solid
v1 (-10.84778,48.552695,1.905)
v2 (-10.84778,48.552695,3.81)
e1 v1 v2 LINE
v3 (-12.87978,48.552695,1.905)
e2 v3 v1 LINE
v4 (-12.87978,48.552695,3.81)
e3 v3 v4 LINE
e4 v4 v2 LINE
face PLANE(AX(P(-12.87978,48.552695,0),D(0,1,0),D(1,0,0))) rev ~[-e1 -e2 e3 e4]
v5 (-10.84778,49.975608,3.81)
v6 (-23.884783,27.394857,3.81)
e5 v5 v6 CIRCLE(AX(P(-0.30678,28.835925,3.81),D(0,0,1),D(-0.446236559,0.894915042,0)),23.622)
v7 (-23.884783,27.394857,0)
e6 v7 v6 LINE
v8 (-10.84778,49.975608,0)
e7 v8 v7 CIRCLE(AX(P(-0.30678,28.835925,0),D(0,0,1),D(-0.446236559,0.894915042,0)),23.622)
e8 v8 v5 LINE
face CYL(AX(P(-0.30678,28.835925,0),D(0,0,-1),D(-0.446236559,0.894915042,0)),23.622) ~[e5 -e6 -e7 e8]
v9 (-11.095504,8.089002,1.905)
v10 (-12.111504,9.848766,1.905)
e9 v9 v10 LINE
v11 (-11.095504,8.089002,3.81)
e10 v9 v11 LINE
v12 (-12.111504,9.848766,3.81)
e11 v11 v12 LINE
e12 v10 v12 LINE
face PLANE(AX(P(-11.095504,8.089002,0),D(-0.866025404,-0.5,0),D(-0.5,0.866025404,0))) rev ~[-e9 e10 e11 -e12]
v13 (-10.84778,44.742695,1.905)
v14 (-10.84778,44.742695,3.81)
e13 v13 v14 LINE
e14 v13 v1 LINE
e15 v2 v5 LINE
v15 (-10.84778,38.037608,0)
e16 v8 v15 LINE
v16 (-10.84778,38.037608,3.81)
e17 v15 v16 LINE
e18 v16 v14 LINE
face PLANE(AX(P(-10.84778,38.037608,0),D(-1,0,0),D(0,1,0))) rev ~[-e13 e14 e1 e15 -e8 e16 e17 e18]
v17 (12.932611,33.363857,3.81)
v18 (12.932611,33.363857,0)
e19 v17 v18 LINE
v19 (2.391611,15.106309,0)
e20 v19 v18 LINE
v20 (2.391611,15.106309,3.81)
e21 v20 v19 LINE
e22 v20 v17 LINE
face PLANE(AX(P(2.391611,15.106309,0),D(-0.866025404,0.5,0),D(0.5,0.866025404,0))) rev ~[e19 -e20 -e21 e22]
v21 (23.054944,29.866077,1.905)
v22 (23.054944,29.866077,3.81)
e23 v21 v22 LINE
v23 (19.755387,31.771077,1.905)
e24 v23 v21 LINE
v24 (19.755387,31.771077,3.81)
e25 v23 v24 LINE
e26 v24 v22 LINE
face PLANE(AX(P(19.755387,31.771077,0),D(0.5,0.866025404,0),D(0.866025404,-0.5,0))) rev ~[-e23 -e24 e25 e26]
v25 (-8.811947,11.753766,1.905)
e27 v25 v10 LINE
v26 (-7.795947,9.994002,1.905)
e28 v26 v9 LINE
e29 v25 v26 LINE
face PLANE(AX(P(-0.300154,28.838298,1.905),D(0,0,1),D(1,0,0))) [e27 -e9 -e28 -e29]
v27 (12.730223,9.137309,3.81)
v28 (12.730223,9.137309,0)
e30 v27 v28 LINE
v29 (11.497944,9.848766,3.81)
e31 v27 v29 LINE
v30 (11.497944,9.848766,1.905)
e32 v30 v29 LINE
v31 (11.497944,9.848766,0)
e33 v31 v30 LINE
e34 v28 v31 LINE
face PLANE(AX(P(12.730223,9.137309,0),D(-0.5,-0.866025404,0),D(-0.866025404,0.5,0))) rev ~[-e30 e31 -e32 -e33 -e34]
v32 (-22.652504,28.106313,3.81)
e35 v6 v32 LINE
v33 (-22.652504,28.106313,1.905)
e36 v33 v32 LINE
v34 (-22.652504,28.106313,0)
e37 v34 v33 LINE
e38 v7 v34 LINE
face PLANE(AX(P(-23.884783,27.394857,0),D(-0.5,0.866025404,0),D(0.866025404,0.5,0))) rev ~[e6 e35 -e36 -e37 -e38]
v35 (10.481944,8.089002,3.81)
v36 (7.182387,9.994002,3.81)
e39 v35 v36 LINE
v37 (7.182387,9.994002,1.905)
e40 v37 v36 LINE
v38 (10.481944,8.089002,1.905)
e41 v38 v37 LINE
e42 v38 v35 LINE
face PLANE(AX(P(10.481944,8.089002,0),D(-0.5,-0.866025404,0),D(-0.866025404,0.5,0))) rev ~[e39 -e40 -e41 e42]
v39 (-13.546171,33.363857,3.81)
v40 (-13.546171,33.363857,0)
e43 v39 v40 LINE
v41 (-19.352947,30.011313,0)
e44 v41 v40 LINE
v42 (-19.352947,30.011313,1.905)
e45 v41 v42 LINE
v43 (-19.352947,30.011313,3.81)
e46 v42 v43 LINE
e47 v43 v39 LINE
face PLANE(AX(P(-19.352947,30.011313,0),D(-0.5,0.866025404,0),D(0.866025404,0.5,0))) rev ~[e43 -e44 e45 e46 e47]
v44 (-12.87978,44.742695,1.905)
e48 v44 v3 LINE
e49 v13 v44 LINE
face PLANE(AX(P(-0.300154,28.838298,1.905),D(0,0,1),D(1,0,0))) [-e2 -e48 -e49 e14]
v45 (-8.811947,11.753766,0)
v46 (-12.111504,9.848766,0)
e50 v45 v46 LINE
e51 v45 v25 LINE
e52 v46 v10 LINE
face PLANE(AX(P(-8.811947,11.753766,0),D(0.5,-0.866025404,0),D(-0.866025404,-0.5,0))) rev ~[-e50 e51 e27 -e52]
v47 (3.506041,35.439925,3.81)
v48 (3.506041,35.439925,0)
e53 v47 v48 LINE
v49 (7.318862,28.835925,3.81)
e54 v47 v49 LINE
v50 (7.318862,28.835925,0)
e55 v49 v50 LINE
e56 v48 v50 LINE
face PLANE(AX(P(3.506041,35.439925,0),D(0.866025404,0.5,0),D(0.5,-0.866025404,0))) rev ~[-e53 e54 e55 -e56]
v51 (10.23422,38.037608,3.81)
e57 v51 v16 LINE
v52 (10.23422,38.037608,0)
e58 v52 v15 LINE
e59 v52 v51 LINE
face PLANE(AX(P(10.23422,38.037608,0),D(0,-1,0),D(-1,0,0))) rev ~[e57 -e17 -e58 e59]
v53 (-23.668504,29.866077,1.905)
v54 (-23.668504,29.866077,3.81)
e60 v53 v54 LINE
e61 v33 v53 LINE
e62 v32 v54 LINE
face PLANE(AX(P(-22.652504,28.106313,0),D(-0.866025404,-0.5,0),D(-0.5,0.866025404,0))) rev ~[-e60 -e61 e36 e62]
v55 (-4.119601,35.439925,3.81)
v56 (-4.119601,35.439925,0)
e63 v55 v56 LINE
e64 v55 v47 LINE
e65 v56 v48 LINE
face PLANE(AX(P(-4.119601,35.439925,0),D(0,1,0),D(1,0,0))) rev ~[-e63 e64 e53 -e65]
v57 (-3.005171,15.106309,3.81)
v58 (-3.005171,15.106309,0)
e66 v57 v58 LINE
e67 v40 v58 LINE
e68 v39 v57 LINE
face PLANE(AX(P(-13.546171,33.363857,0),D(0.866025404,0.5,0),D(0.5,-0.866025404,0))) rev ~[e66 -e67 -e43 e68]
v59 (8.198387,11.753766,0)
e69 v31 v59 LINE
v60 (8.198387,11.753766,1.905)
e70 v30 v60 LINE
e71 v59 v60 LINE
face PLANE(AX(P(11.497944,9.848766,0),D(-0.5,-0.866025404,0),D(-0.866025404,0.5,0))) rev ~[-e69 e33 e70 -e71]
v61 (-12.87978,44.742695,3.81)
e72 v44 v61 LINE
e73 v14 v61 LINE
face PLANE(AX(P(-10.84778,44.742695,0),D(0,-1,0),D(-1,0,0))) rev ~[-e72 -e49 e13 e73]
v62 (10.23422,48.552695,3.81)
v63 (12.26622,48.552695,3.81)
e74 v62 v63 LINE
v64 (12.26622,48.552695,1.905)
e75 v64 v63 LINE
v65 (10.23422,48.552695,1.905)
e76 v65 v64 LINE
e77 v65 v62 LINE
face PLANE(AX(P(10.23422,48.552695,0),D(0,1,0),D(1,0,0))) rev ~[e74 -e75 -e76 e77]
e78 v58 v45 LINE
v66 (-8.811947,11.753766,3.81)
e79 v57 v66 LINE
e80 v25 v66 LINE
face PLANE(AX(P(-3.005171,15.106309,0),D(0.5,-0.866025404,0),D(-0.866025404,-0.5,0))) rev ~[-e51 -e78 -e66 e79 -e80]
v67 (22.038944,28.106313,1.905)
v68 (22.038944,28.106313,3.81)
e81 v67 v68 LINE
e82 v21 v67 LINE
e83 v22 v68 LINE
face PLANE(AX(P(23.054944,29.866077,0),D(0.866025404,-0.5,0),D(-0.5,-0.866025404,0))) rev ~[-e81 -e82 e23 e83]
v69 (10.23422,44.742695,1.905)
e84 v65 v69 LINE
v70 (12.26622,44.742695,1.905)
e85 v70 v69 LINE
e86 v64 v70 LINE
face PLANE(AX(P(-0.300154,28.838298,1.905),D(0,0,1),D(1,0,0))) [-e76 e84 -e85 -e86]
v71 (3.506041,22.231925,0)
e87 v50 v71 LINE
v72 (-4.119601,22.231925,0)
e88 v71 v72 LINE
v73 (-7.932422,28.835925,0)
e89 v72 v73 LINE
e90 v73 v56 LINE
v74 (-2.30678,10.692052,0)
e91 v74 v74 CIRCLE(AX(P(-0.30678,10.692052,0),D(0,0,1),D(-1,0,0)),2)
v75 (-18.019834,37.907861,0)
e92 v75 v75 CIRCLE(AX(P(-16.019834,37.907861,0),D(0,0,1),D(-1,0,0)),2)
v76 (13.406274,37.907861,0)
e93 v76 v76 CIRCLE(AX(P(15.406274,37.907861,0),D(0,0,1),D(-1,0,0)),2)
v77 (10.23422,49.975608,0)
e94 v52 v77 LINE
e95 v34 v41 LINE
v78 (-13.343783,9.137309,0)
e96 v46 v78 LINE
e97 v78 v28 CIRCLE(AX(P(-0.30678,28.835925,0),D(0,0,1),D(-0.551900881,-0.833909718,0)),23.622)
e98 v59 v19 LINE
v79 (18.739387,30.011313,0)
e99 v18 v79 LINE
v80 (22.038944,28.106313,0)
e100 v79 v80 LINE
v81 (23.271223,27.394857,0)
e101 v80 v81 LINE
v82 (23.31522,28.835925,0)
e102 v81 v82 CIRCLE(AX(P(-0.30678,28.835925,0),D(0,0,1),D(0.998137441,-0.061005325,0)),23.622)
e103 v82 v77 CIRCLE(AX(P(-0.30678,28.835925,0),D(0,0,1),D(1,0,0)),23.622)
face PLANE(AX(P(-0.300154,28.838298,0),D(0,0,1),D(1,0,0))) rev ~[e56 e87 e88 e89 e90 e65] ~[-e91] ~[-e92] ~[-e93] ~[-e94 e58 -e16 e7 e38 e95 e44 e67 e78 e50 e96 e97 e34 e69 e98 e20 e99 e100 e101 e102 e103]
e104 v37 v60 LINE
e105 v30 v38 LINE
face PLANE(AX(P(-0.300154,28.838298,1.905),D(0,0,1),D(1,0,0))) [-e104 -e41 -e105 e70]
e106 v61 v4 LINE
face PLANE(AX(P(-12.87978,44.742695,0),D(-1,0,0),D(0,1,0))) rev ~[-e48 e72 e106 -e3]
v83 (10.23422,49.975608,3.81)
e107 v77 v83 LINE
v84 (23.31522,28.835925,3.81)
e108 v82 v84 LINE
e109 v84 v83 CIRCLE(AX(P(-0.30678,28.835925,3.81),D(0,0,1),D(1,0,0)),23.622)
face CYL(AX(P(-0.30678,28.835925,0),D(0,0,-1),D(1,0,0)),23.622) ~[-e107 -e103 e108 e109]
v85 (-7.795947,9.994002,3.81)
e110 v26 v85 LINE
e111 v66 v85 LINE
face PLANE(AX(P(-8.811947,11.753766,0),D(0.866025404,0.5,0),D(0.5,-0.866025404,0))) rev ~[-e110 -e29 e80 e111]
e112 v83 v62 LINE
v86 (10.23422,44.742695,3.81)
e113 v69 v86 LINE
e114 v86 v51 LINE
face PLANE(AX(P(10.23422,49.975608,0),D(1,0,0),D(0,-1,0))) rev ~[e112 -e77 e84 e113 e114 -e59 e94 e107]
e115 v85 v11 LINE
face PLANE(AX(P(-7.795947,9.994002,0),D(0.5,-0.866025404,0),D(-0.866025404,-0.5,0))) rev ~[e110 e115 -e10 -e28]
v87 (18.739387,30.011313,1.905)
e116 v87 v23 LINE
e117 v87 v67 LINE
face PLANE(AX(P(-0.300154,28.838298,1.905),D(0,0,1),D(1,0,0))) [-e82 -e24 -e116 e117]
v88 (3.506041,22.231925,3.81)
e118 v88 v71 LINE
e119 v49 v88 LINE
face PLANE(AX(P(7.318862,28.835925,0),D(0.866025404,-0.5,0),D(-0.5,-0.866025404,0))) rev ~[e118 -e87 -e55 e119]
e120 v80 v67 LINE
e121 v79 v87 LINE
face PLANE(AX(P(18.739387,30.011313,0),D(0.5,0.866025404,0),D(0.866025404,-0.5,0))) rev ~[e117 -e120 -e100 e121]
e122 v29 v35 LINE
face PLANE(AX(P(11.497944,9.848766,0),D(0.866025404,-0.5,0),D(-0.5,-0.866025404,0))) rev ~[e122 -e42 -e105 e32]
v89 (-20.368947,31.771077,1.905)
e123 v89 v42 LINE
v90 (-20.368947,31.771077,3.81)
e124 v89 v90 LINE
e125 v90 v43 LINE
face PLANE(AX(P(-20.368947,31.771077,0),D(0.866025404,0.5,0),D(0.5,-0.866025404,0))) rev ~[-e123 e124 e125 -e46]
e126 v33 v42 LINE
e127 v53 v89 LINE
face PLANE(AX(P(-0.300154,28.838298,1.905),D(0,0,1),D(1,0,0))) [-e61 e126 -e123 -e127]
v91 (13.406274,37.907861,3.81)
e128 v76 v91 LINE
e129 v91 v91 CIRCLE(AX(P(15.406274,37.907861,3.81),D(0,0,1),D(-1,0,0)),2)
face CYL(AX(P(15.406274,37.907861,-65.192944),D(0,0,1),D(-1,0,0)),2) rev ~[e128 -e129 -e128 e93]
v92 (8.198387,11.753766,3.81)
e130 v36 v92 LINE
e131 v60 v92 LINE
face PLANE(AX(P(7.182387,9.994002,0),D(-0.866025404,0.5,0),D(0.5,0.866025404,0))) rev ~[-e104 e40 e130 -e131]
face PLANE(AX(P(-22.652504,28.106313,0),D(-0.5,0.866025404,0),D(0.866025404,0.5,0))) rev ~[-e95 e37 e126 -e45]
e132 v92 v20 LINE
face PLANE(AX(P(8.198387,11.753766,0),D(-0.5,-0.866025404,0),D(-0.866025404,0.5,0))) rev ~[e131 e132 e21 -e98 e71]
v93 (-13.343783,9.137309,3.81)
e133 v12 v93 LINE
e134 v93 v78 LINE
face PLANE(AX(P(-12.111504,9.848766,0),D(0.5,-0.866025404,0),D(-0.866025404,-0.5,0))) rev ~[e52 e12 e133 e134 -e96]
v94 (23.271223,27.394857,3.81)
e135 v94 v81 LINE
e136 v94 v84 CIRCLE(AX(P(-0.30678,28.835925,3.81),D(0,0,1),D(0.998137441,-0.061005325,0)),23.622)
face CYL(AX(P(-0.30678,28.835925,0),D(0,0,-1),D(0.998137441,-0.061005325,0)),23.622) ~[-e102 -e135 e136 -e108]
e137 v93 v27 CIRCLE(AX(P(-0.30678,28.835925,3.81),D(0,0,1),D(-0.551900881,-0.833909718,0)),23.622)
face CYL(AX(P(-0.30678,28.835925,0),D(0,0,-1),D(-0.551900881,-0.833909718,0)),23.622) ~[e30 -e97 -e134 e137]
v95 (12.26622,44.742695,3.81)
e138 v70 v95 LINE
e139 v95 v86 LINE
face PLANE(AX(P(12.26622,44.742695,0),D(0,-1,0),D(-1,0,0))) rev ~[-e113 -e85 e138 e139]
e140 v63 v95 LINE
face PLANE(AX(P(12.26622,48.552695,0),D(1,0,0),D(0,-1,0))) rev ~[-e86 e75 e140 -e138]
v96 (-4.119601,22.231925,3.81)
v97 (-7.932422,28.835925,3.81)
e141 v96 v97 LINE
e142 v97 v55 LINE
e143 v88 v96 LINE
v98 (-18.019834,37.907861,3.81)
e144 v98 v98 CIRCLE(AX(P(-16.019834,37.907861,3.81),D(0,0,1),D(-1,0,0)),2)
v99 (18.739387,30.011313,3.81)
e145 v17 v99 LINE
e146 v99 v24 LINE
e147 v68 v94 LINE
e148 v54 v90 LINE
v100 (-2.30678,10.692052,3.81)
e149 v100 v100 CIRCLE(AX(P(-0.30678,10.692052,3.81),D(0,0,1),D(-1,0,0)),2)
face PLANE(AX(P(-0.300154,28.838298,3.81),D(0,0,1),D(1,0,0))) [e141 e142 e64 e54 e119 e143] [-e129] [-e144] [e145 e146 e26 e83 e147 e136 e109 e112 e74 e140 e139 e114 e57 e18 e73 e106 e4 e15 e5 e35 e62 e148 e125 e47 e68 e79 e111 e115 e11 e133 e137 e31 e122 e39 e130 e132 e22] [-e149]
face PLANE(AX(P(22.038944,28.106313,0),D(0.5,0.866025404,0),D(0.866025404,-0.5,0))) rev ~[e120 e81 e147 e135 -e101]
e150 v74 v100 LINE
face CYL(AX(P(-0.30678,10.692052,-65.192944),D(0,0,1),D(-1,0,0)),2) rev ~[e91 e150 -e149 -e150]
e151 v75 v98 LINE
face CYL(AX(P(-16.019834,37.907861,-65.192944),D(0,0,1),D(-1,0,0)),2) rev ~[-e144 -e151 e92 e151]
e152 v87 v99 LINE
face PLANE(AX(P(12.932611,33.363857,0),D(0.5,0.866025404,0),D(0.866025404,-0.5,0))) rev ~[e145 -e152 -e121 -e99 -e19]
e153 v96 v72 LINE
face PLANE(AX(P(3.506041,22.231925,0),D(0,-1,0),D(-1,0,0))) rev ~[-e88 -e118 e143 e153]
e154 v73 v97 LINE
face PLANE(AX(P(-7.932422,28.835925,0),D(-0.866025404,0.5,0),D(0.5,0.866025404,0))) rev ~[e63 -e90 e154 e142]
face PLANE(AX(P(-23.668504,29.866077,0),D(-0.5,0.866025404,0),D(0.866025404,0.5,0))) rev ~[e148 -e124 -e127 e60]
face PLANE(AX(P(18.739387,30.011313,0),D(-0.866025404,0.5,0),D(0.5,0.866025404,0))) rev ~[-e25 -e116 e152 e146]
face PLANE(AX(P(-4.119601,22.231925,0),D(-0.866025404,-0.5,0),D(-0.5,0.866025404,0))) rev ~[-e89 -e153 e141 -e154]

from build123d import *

# Parameters (mm, degrees)
F1_DEPTH = 3.81
F0_W     = 2.032
F0_H     = 3.81
F2_DEPTH = 1.905
F3_D     = 4


with BuildPart() as f1:
    # F0 (on Top) → F1 (new body)
    with BuildSketch(Plane.XY):
        with BuildLine():
            ThreePointArc((23.2712226898, 27.3948570229), (23.3042181614, 28.1150551719), (23.315220068, 28.8359248085))
            ThreePointArc((23.315220068, 28.8359248085), (19.7805094073, 41.2657152733), (10.234220068, 49.9756079424))
            Line((10.234220068, 49.9756079424), (10.234220068, 48.5526951571))
            Line((10.234220068, 48.5526951571), (12.266220068, 48.5526951571))
            Line((12.266220068, 48.5526951571), (12.266220068, 44.7426951571))
            Line((12.266220068, 44.7426951571), (10.234220068, 44.7426951571))
            Line((10.234220068, 44.7426951571), (10.234220068, 38.0376079424))
            Line((10.234220068, 38.0376079424), (-10.847779932, 38.0376079424))
            Line((-10.847779932, 38.0376079424), (-10.847779932, 44.7426951571))
            Line((-10.847779932, 44.7426951571), (-12.879779932, 44.7426951571))
            Line((-12.879779932, 44.7426951571), (-12.879779932, 48.5526951571))
            Line((-12.879779932, 48.5526951571), (-10.847779932, 48.5526951571))
            Line((-10.847779932, 48.5526951571), (-10.847779932, 49.9756079424))
            ThreePointArc((-10.847779932, 49.9756079424), (-20.7640320202, 40.6469248085), (-23.8847825539, 27.3948570229))
            Line((-23.8847825539, 27.3948570229), (-22.6525039345, 28.1063134155))
            Line((-22.6525039345, 28.1063134155), (-23.6685039345, 29.866077036))
            Line((-23.6685039345, 29.866077036), (-20.3689471461, 31.771077036))
            Line((-20.3689471461, 31.771077036), (-19.3529471461, 30.0113134155))
            Line((-19.3529471461, 30.0113134155), (-13.5461712835, 33.3638570229))
            Line((-13.5461712835, 33.3638570229), (-3.0051712835, 15.1063094603))
            Line((-3.0051712835, 15.1063094603), (-8.8119471461, 11.7537658529))
            Line((-8.8119471461, 11.7537658529), (-7.7959471461, 9.9940022324))
            Line((-7.7959471461, 9.9940022324), (-11.0955039345, 8.0890022324))
            Line((-11.0955039345, 8.0890022324), (-12.1115039345, 9.8487658529))
            Line((-12.1115039345, 9.8487658529), (-13.3437825539, 9.1373094603))
            ThreePointArc((-13.3437825539, 9.1373094603), (-0.306779932, 5.2139248085), (12.7302226898, 9.1373094603))
            Line((12.7302226898, 9.1373094603), (11.4979440704, 9.8487658529))
            Line((11.4979440704, 9.8487658529), (10.4819440704, 8.0890022324))
            Line((10.4819440704, 8.0890022324), (7.182387282, 9.9940022324))
            Line((7.182387282, 9.9940022324), (8.198387282, 11.7537658529))
            Line((8.198387282, 11.7537658529), (2.3916114195, 15.1063094603))
            Line((2.3916114195, 15.1063094603), (12.9326114195, 33.3638570229))
            Line((12.9326114195, 33.3638570229), (18.739387282, 30.0113134155))
            Line((18.739387282, 30.0113134155), (19.755387282, 31.771077036))
            Line((19.755387282, 31.771077036), (23.0549440704, 29.866077036))
            Line((23.0549440704, 29.866077036), (22.0389440704, 28.1063134155))
            Line((22.0389440704, 28.1063134155), (23.2712226898, 27.3948570229))
        make_face()
        Polygon((-7.9324222875, 28.8359248085), (-4.1196011098, 35.4399248085), (3.5060412457, 35.4399248085), (7.3188624234, 28.8359248085), (3.5060412457, 22.2319248085), (-4.1196011098, 22.2319248085), align=None, mode=Mode.SUBTRACT)
    extrude(amount=F1_DEPTH)

    # F0 (on Top) → F2 (join)
    with BuildSketch(Plane.XY):
        with BuildLine():
            ThreePointArc((23.2712226898, 27.3948570229), (23.3042181614, 28.1150551719), (23.315220068, 28.8359248085))
            ThreePointArc((23.315220068, 28.8359248085), (19.7805094073, 41.2657152733), (10.234220068, 49.9756079424))
            Line((10.234220068, 49.9756079424), (10.234220068, 48.5526951571))
            Line((10.234220068, 48.5526951571), (12.266220068, 48.5526951571))
            Line((12.266220068, 48.5526951571), (12.266220068, 44.7426951571))
            Line((12.266220068, 44.7426951571), (10.234220068, 44.7426951571))
            Line((10.234220068, 44.7426951571), (10.234220068, 38.0376079424))
            Line((10.234220068, 38.0376079424), (-10.847779932, 38.0376079424))
            Line((-10.847779932, 38.0376079424), (-10.847779932, 44.7426951571))
            Line((-10.847779932, 44.7426951571), (-12.879779932, 44.7426951571))
            Line((-12.879779932, 44.7426951571), (-12.879779932, 48.5526951571))
            Line((-12.879779932, 48.5526951571), (-10.847779932, 48.5526951571))
            Line((-10.847779932, 48.5526951571), (-10.847779932, 49.9756079424))
            ThreePointArc((-10.847779932, 49.9756079424), (-20.7640320202, 40.6469248085), (-23.8847825539, 27.3948570229))
            Line((-23.8847825539, 27.3948570229), (-22.6525039345, 28.1063134155))
            Line((-22.6525039345, 28.1063134155), (-23.6685039345, 29.866077036))
            Line((-23.6685039345, 29.866077036), (-20.3689471461, 31.771077036))
            Line((-20.3689471461, 31.771077036), (-19.3529471461, 30.0113134155))
            Line((-19.3529471461, 30.0113134155), (-13.5461712835, 33.3638570229))
            Line((-13.5461712835, 33.3638570229), (-3.0051712835, 15.1063094603))
            Line((-3.0051712835, 15.1063094603), (-8.8119471461, 11.7537658529))
            Line((-8.8119471461, 11.7537658529), (-7.7959471461, 9.9940022324))
            Line((-7.7959471461, 9.9940022324), (-11.0955039345, 8.0890022324))
            Line((-11.0955039345, 8.0890022324), (-12.1115039345, 9.8487658529))
            Line((-12.1115039345, 9.8487658529), (-13.3437825539, 9.1373094603))
            ThreePointArc((-13.3437825539, 9.1373094603), (-0.306779932, 5.2139248085), (12.7302226898, 9.1373094603))
            Line((12.7302226898, 9.1373094603), (11.4979440704, 9.8487658529))
            Line((11.4979440704, 9.8487658529), (10.4819440704, 8.0890022324))
            Line((10.4819440704, 8.0890022324), (7.182387282, 9.9940022324))
            Line((7.182387282, 9.9940022324), (8.198387282, 11.7537658529))
            Line((8.198387282, 11.7537658529), (2.3916114195, 15.1063094603))
            Line((2.3916114195, 15.1063094603), (12.9326114195, 33.3638570229))
            Line((12.9326114195, 33.3638570229), (18.739387282, 30.0113134155))
            Line((18.739387282, 30.0113134155), (19.755387282, 31.771077036))
            Line((19.755387282, 31.771077036), (23.0549440704, 29.866077036))
            Line((23.0549440704, 29.866077036), (22.0389440704, 28.1063134155))
            Line((22.0389440704, 28.1063134155), (23.2712226898, 27.3948570229))
        make_face()
        Polygon((-7.9324222875, 28.8359248085), (-4.1196011098, 35.4399248085), (3.5060412457, 35.4399248085), (7.3188624234, 28.8359248085), (3.5060412457, 22.2319248085), (-4.1196011098, 22.2319248085), align=None, mode=Mode.SUBTRACT)
        with Locations((-11.863779932, 46.6476951571)):
            Rectangle(F0_W, F0_H)
        with Locations((11.250220068, 46.6476951571)):
            Rectangle(F0_W, F0_H)
        Polygon((18.739387282, 30.0113134155), (22.0389440704, 28.1063134155), (23.0549440704, 29.866077036), (19.755387282, 31.771077036), align=None)
        Polygon((10.4819440704, 8.0890022324), (11.4979440704, 9.8487658529), (8.198387282, 11.7537658529), (7.182387282, 9.9940022324), align=None)
        Polygon((-8.8119471461, 11.7537658529), (-12.1115039345, 9.8487658529), (-11.0955039345, 8.0890022324), (-7.7959471461, 9.9940022324), align=None)
        Polygon((-23.6685039345, 29.866077036), (-22.6525039345, 28.1063134155), (-19.3529471461, 30.0113134155), (-20.3689471461, 31.771077036), align=None)
    extrude(amount=F2_DEPTH)

    # F3 (through all)
    with Locations(Plane(origin=(0, 0, 0), x_dir=(1, 0, 0), z_dir=(0, 0, -1))):
        with Locations((-16.0198342927, -37.9078609734), (15.4062744286, -37.9078609734), (-0.306779932, -10.6920524787)):
            Hole(F3_D / 2)


solid = f1.part
